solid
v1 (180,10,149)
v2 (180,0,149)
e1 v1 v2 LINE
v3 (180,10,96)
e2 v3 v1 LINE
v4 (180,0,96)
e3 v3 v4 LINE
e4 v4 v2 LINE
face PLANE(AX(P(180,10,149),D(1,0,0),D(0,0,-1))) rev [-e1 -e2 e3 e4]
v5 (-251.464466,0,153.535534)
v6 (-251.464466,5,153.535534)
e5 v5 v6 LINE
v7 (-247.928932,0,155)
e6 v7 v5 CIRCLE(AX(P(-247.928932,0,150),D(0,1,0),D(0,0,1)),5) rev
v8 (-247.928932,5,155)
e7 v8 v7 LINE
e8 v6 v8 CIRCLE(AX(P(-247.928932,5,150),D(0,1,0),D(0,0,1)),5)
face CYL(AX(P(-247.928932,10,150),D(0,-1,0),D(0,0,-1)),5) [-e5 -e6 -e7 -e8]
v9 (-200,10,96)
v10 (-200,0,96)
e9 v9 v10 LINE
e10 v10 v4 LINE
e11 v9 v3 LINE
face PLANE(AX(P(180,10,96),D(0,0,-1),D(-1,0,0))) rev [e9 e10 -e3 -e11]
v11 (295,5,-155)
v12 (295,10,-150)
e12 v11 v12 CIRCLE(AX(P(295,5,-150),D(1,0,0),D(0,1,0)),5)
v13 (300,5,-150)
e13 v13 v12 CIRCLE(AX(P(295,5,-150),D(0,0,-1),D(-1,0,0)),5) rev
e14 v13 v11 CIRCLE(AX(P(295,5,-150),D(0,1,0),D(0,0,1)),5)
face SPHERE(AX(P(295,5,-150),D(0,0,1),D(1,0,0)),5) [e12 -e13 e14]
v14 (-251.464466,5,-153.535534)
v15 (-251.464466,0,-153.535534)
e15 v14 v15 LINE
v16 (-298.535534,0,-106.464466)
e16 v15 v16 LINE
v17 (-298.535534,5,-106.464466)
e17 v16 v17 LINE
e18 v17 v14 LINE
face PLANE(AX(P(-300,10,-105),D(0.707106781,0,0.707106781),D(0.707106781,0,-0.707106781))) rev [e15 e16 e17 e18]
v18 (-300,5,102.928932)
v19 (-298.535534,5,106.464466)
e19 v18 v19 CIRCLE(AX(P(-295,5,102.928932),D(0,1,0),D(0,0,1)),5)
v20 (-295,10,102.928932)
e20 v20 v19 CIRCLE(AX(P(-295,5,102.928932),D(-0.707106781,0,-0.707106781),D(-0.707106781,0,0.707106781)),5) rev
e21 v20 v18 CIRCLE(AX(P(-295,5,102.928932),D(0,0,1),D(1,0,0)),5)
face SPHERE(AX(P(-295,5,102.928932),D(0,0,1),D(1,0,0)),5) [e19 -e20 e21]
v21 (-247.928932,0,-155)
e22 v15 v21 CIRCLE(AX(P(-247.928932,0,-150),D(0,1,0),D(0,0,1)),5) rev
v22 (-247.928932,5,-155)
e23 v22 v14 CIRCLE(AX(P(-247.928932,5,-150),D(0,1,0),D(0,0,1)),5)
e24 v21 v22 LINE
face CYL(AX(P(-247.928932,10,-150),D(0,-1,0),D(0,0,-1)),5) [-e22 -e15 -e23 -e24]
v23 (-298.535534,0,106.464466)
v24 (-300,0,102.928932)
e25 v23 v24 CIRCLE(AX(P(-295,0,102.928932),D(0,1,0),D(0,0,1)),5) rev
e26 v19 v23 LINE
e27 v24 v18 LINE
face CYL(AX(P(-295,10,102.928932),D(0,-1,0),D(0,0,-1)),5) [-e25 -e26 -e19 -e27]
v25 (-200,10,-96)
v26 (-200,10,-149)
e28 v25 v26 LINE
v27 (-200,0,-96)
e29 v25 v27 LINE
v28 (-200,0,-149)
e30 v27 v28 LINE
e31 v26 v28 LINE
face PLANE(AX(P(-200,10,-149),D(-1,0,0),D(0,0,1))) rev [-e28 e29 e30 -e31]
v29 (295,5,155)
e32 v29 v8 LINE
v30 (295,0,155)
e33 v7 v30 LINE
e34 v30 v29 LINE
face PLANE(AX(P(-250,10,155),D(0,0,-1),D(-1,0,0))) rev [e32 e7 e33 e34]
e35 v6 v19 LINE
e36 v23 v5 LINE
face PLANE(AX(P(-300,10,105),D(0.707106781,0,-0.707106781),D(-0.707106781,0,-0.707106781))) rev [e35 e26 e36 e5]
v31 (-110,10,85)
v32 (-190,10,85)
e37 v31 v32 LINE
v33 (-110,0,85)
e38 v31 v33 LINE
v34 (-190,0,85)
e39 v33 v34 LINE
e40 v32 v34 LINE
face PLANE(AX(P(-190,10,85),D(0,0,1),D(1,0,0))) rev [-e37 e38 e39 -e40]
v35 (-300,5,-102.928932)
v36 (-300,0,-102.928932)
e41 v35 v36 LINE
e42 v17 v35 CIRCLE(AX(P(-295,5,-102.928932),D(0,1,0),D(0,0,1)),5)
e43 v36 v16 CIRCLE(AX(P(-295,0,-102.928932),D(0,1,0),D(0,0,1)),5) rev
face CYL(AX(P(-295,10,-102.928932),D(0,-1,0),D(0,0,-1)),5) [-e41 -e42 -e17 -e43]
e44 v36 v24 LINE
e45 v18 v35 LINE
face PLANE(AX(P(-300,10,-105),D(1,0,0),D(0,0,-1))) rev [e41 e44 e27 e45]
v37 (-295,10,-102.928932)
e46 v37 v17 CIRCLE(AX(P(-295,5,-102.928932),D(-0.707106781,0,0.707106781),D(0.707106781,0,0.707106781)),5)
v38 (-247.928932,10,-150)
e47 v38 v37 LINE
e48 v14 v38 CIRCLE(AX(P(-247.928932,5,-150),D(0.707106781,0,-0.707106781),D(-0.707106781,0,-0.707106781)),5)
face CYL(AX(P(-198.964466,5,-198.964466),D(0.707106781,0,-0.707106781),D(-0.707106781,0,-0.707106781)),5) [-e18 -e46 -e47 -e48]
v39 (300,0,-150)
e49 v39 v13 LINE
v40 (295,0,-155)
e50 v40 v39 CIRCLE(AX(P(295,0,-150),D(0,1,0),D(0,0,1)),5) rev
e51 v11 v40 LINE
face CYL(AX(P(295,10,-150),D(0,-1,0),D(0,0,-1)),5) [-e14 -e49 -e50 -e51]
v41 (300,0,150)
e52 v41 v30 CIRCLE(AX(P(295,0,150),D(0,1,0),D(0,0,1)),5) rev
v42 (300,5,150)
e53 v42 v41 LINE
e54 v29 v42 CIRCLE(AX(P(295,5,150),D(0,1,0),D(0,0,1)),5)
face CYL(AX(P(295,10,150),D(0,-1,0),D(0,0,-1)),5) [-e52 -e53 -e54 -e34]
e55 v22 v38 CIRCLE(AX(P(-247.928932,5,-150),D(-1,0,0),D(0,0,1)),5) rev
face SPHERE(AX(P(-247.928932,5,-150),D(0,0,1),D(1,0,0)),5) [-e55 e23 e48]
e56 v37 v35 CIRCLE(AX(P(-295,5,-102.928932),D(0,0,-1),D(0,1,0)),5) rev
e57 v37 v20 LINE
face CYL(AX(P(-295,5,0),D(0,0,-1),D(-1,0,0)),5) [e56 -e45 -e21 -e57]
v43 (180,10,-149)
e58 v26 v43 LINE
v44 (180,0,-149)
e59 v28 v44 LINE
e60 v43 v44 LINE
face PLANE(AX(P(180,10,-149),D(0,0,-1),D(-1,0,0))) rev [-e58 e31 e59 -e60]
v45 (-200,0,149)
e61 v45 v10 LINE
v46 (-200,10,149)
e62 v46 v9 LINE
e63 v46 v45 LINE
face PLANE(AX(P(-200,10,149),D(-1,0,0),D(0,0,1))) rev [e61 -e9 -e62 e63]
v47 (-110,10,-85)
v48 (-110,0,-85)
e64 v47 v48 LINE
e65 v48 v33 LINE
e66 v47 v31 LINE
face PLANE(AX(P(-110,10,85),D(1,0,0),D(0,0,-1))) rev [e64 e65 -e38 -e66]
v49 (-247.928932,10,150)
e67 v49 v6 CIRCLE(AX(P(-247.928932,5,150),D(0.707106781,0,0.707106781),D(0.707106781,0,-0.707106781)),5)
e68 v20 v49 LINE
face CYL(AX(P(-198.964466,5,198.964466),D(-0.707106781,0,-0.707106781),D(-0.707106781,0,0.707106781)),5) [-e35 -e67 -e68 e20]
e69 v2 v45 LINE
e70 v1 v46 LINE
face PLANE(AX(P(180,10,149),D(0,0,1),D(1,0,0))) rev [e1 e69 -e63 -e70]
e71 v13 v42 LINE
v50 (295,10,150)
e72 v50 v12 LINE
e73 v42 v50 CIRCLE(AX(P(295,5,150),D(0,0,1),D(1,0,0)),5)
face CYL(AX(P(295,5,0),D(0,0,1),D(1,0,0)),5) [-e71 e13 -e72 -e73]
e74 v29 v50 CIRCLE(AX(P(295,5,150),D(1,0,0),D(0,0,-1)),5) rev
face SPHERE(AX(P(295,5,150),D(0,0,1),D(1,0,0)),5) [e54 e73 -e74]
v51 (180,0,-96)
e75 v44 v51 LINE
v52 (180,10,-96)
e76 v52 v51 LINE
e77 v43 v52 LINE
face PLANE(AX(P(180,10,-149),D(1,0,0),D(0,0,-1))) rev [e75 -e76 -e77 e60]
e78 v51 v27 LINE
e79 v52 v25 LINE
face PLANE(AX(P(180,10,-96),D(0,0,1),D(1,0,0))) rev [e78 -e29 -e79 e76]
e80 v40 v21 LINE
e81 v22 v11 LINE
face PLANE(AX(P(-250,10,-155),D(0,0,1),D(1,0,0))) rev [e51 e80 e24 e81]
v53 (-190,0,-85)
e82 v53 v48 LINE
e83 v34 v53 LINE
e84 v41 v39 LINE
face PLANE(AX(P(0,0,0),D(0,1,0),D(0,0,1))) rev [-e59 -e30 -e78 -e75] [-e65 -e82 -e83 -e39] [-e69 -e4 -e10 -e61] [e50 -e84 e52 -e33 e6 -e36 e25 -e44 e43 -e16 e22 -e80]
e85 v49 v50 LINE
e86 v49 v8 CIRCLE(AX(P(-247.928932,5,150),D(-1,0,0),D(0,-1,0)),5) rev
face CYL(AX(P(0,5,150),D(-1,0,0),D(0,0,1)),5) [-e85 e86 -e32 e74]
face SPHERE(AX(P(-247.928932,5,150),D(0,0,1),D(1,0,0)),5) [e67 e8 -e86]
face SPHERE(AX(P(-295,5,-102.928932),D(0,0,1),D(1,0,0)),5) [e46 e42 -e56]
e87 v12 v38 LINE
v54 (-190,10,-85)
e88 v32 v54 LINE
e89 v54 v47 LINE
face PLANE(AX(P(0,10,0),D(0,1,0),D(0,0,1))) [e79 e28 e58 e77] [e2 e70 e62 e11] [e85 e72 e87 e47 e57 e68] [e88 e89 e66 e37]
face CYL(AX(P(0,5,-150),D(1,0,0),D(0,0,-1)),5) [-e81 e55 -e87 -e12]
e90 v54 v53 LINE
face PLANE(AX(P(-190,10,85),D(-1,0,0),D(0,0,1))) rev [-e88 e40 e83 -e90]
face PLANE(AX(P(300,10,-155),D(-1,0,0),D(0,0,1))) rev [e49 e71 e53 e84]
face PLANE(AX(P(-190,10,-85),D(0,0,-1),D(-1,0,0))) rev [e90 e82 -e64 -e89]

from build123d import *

# Parameters (mm, degrees)
BOSS_EXTRUDE2_DEPTH = 10
FILLET1_R           = 5
SKETCH7_W           = 380
SKETCH7_H           = 53
SKETCH7_W_2         = 80
SKETCH7_H_2         = 170
CUT_EXTRUDE1_DEPTH  = 10


with BuildPart() as part:
    # Sketch1 → Boss-Extrude2 (new body)
    with BuildSketch(Plane(origin=(0, 0, 0), x_dir=(1, 0, 0), z_dir=(0, 1, 0))):
        Polygon((-300, 105), (-250, 155), (300, 155), (300, -155), (-250, -155), (-300, -105), align=None)
    extrude(amount=BOSS_EXTRUDE2_DEPTH)

    # Fillet1
    fillet1_edges = [part.edges().sort_by_distance(p)[0] for p in [
        (300, 5, 155),
        (-250, 5, 155),
        (-300, 5, 105),
        (-300, 5, -105),
        (-250, 5, -155),
        (300, 5, -155),
        (-275, 10, -130),
        (-300, 10, 0),
        (-275, 10, 130),
        (25, 10, 155),
        (300, 10, 0),
        (25, 10, -155),
    ]]
    fillet(fillet1_edges, radius=FILLET1_R)

    # Sketch7 → Cut-Extrude1 (cut)
    with BuildSketch(Plane.XZ):
        with Locations((-10, -122.5)):
            Rectangle(SKETCH7_W, SKETCH7_H)
        with Locations((-10, 122.5)):
            Rectangle(SKETCH7_W, SKETCH7_H)
        with Locations((-150, 0)):
            Rectangle(SKETCH7_W_2, SKETCH7_H_2)
    extrude(amount=-CUT_EXTRUDE1_DEPTH, mode=Mode.SUBTRACT)


solid = part.part
